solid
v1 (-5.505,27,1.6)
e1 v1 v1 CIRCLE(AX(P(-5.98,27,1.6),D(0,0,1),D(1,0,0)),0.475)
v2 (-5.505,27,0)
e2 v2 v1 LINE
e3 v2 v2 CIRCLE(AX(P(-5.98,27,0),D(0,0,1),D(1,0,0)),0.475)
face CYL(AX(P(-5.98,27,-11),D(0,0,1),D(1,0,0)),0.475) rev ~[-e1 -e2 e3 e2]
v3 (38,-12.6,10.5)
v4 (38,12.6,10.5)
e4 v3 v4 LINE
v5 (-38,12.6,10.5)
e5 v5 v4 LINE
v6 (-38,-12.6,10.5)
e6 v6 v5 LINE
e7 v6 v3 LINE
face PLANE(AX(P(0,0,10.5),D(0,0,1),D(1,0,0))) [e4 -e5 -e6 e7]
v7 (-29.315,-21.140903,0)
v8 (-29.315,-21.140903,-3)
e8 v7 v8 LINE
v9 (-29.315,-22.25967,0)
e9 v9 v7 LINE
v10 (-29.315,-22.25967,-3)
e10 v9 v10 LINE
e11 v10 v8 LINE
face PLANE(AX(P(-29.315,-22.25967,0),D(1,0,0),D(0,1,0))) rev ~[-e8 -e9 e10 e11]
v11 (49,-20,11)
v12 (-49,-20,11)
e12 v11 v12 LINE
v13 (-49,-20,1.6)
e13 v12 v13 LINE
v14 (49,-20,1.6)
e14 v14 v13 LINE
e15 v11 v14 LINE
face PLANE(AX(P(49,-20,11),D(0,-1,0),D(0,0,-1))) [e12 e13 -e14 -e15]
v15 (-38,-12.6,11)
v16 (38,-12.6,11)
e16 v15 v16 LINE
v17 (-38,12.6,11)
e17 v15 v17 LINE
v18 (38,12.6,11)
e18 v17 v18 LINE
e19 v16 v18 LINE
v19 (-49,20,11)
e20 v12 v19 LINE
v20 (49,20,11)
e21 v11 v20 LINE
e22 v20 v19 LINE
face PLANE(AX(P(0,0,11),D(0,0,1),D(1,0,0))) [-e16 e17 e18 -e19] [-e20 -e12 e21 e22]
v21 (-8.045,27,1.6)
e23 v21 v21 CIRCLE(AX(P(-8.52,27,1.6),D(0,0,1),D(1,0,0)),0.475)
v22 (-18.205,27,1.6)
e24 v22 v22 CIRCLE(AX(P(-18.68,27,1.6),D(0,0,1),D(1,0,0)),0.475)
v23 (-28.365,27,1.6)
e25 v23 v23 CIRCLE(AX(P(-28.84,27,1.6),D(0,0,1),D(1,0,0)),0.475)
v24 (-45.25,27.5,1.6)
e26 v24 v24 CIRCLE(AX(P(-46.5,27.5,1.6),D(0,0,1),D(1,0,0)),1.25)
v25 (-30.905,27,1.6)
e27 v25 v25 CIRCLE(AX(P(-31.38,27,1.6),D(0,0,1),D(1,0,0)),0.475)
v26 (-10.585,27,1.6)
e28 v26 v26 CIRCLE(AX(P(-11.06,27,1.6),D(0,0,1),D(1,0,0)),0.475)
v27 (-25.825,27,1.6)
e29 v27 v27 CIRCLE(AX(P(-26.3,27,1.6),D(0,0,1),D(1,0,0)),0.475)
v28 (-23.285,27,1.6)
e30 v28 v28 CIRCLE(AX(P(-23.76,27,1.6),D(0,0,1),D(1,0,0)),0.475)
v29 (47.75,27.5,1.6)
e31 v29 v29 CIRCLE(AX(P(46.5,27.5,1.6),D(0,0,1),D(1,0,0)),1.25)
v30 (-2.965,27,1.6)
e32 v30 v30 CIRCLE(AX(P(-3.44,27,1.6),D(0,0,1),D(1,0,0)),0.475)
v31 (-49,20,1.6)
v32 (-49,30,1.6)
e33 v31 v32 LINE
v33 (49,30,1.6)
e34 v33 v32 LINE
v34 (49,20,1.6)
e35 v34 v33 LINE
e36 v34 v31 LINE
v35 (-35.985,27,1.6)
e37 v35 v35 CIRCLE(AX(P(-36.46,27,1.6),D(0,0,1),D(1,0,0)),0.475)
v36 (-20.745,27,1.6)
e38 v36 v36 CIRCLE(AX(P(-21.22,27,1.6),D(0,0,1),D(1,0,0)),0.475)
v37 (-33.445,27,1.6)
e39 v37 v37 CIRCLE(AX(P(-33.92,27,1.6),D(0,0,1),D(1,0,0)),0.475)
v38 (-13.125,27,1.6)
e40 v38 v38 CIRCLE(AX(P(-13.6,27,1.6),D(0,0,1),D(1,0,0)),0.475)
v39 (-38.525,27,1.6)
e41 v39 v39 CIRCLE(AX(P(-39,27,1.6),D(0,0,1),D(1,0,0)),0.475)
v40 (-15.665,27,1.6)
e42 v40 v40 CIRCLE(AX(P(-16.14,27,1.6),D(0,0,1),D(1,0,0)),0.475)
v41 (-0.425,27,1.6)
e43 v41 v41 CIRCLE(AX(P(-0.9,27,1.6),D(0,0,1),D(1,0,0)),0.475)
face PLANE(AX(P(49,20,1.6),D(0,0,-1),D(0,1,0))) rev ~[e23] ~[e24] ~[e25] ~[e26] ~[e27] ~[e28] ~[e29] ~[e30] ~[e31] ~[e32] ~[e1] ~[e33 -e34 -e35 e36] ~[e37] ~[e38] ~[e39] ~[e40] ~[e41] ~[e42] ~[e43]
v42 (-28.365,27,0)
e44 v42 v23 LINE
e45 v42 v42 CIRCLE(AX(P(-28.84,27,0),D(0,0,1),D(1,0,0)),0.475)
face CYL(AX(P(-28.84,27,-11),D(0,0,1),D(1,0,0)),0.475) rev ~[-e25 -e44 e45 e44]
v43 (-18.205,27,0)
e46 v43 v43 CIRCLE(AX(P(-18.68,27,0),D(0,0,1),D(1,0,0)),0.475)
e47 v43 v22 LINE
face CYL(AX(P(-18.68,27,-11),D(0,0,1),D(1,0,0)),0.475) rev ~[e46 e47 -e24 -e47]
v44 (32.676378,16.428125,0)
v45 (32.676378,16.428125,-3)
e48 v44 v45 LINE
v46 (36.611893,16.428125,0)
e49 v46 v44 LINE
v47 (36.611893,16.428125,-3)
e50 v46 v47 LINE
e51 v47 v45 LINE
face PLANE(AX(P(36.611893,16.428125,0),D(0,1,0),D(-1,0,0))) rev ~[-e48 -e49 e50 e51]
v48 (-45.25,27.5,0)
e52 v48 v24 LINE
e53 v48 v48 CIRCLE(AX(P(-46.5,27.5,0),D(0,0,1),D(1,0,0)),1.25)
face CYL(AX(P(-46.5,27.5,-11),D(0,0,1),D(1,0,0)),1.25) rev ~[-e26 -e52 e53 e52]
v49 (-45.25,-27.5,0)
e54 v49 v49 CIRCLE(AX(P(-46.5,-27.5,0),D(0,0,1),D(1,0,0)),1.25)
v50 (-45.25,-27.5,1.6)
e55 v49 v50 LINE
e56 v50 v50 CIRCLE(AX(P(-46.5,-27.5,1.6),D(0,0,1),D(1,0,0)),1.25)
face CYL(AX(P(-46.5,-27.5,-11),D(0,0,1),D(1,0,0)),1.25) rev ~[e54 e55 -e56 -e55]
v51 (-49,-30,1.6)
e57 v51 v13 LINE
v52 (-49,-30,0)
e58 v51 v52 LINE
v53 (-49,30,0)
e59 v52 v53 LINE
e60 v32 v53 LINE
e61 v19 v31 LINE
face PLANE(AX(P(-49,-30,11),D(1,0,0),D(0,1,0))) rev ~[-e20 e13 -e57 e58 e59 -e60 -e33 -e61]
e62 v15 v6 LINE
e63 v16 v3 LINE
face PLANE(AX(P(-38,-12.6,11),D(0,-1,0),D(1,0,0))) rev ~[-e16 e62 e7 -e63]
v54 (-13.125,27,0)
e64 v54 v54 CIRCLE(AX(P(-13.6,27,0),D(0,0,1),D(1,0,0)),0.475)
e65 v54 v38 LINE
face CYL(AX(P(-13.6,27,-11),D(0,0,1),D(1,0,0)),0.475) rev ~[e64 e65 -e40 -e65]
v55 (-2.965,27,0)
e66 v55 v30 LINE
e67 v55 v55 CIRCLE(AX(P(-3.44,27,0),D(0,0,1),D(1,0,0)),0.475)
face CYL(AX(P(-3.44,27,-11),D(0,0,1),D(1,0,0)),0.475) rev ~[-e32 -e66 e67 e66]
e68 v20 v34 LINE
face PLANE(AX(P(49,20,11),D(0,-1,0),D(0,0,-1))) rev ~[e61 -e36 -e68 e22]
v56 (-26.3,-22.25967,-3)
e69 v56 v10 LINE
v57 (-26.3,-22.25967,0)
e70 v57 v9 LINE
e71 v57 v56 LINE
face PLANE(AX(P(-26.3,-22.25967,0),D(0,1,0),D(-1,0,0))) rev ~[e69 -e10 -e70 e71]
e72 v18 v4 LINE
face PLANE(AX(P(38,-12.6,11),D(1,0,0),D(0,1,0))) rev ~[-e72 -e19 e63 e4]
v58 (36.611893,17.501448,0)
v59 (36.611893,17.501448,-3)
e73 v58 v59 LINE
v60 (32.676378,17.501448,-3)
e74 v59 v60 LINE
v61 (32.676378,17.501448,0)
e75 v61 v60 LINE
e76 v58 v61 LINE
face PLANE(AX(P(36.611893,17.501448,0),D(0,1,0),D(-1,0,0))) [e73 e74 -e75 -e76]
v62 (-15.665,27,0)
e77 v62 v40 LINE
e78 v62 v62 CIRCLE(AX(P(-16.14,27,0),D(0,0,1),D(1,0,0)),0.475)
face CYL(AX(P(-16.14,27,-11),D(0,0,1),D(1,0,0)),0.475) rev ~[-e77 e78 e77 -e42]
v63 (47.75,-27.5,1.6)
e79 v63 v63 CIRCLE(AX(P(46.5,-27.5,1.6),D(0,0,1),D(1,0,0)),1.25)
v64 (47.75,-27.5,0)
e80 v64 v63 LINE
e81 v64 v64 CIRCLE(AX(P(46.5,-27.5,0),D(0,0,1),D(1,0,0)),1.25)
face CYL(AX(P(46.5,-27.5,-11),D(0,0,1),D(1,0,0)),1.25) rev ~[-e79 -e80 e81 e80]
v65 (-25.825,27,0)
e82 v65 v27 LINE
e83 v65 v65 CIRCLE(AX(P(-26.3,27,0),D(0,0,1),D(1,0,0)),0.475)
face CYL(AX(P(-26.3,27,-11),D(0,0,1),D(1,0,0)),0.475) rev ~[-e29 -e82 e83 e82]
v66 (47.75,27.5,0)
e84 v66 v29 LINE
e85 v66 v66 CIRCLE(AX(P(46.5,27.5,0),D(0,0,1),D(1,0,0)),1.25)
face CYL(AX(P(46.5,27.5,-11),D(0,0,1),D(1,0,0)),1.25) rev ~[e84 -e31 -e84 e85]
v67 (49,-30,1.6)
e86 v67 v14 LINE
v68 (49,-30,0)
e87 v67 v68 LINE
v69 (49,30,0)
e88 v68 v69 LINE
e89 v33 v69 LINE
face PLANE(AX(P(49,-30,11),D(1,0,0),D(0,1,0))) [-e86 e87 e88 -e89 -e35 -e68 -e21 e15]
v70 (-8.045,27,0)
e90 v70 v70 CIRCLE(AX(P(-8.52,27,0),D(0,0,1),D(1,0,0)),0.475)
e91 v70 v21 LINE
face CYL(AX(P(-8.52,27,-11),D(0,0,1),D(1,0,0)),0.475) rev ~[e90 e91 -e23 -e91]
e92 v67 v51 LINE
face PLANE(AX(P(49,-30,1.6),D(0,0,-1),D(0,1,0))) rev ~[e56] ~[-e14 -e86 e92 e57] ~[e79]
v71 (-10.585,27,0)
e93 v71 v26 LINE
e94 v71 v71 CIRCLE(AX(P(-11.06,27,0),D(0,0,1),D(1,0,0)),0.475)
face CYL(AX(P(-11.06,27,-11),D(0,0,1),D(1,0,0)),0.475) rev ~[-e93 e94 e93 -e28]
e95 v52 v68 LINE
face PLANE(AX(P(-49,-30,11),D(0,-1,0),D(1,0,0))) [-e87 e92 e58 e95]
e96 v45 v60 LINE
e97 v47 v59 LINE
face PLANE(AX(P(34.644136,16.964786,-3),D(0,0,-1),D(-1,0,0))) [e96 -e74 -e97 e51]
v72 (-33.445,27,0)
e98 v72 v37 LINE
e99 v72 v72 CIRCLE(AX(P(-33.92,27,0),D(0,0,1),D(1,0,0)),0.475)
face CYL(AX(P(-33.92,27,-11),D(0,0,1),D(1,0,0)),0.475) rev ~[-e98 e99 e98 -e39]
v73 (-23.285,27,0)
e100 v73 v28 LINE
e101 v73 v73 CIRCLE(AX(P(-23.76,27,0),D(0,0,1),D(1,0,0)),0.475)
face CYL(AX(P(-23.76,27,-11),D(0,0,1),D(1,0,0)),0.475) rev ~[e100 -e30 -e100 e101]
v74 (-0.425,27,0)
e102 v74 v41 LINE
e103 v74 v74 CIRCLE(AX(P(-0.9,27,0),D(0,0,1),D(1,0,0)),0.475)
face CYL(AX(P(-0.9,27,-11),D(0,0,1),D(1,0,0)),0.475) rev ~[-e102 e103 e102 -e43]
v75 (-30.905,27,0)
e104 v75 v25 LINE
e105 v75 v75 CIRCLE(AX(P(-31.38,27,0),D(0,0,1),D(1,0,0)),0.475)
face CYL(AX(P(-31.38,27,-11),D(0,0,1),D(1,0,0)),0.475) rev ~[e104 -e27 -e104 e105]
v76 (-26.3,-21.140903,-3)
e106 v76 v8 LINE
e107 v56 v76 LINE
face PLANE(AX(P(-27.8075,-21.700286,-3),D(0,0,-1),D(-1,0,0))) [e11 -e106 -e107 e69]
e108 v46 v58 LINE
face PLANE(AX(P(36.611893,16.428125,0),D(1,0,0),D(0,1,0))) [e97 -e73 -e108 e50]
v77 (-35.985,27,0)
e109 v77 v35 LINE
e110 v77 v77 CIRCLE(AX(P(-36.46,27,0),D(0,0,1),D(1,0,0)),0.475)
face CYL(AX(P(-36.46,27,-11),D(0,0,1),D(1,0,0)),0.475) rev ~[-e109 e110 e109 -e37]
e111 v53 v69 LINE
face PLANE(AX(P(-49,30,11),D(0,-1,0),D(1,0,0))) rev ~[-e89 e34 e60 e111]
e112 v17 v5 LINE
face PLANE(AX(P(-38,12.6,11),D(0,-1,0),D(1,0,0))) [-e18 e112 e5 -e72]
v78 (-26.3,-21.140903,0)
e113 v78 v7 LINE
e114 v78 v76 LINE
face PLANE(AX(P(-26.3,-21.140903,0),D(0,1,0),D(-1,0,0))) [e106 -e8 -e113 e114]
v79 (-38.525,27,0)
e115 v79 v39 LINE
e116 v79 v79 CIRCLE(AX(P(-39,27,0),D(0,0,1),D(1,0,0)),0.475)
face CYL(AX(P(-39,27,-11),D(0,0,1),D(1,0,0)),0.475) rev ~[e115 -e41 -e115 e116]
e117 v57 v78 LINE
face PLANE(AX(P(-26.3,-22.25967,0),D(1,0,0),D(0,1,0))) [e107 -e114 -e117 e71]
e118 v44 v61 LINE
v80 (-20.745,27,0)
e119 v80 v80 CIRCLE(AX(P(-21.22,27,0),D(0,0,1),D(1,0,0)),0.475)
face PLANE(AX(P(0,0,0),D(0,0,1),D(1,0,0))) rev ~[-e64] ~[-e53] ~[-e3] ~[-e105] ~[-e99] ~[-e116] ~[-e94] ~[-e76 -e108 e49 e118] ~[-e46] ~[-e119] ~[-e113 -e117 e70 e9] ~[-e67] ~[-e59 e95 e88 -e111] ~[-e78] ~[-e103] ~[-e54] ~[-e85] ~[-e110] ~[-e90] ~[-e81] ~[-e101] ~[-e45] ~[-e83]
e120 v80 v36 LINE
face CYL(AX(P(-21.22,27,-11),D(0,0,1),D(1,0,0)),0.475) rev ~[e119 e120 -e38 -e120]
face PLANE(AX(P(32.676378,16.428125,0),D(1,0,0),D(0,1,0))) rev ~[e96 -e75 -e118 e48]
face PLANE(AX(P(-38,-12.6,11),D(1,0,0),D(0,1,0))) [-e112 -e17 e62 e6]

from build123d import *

# Parameters (mm, degrees)
SKETCH1_W                        = 98
SKETCH1_H                        = 60
BOSS_EXTRUDE1_DEPTH              = 11
SKETCH2_W                        = 9.4
SKETCH2_H                        = 10
CUT_EXTRUDE1_DEPTH               = 99
SKETCH3_W                        = 9.4
SKETCH3_H                        = 10
CUT_EXTRUDE2_DEPTH               = 99
SKETCH4_W                        = 3.935514966
SKETCH4_H                        = 1.073322306
BOSS_EXTRUDE2_DEPTH              = 3
SKETCH5_W                        = 3.015
SKETCH5_H                        = 1.118767377
BOSS_EXTRUDE3_DEPTH              = 3
SKETCH6_W                        = 76
SKETCH6_H                        = 25.2
CUT_EXTRUDE3_DEPTH               = 0.5
F_2_5_2_5_DIAMETER_HOLE1_D       = 2.5
F_2_5_2_5_DIAMETER_HOLE1_DEPTH   = 11
F_0_95_0_95_DIAMETER_HOLE1_D     = 0.95
F_0_95_0_95_DIAMETER_HOLE1_DEPTH = 11


with BuildPart() as part:
    # Sketch1 → Boss-Extrude1 (new body)
    with BuildSketch(Plane.XY.offset(11)):
        Rectangle(SKETCH1_W, SKETCH1_H)
    extrude(amount=-BOSS_EXTRUDE1_DEPTH)

    # Sketch2 → Cut-Extrude1 (cut, through all)
    with BuildSketch(Plane(origin=(49, 0, 0), x_dir=(0, 0, -1), z_dir=(1, 0, 0))):
        with Locations((-6.3, -25)):
            Rectangle(SKETCH2_W, SKETCH2_H)
    extrude(amount=-CUT_EXTRUDE1_DEPTH, mode=Mode.SUBTRACT)

    # Sketch3 → Cut-Extrude2 (cut, through all)
    with BuildSketch(Plane(origin=(49, 0, 0), x_dir=(0, 0, -1), z_dir=(1, 0, 0))):
        with Locations((-6.3, 25)):
            Rectangle(SKETCH3_W, SKETCH3_H)
    extrude(amount=-CUT_EXTRUDE2_DEPTH, mode=Mode.SUBTRACT)

    # Sketch4 → Boss-Extrude2 (add)
    with BuildSketch(Plane(origin=(0, 0, 0), x_dir=(-1, 0, 0), z_dir=(0, 0, -1))):
        with Locations((-34.644135617, 16.964786449)):
            Rectangle(SKETCH4_W, SKETCH4_H)
    extrude(amount=BOSS_EXTRUDE2_DEPTH)

    # Sketch5 → Boss-Extrude3 (add)
    with BuildSketch(Plane(origin=(0, 0, 0), x_dir=(-1, 0, 0), z_dir=(0, 0, -1))):
        with Locations((27.8075, -21.700286291)):
            Rectangle(SKETCH5_W, SKETCH5_H)
    extrude(amount=BOSS_EXTRUDE3_DEPTH)

    # Sketch6 → Cut-Extrude3 (cut)
    with BuildSketch(Plane.XY.offset(11)):
        Rectangle(SKETCH6_W, SKETCH6_H)
    extrude(amount=-CUT_EXTRUDE3_DEPTH, mode=Mode.SUBTRACT)

    # Ø2.5 (2.5) Diameter Hole1
    with Locations(Plane(origin=(0, 0, 0), x_dir=(-1, 0, 0), z_dir=(0, 0, -1))):
        with Locations((46.5, -27.5), (-46.5, -27.5), (-46.5, 27.5), (46.5, 27.5)):
            Hole(F_2_5_2_5_DIAMETER_HOLE1_D / 2, depth=F_2_5_2_5_DIAMETER_HOLE1_DEPTH)

    # Ø0.95 (0.95) Diameter Hole1
    with Locations(Plane(origin=(0, 0, 0), x_dir=(-1, 0, 0), z_dir=(0, 0, -1))):
        with Locations((0.9, 27), (3.44, 27), (5.98, 27), (8.52, 27), (11.06, 27), (13.6, 27), (16.14, 27), (18.68, 27), (21.22, 27), (23.76, 27), (26.3, 27), (28.84, 27), (31.38, 27), (33.92, 27), (36.46, 27), (39, 27)):
            Hole(F_0_95_0_95_DIAMETER_HOLE1_D / 2, depth=F_0_95_0_95_DIAMETER_HOLE1_DEPTH)


solid = part.part
